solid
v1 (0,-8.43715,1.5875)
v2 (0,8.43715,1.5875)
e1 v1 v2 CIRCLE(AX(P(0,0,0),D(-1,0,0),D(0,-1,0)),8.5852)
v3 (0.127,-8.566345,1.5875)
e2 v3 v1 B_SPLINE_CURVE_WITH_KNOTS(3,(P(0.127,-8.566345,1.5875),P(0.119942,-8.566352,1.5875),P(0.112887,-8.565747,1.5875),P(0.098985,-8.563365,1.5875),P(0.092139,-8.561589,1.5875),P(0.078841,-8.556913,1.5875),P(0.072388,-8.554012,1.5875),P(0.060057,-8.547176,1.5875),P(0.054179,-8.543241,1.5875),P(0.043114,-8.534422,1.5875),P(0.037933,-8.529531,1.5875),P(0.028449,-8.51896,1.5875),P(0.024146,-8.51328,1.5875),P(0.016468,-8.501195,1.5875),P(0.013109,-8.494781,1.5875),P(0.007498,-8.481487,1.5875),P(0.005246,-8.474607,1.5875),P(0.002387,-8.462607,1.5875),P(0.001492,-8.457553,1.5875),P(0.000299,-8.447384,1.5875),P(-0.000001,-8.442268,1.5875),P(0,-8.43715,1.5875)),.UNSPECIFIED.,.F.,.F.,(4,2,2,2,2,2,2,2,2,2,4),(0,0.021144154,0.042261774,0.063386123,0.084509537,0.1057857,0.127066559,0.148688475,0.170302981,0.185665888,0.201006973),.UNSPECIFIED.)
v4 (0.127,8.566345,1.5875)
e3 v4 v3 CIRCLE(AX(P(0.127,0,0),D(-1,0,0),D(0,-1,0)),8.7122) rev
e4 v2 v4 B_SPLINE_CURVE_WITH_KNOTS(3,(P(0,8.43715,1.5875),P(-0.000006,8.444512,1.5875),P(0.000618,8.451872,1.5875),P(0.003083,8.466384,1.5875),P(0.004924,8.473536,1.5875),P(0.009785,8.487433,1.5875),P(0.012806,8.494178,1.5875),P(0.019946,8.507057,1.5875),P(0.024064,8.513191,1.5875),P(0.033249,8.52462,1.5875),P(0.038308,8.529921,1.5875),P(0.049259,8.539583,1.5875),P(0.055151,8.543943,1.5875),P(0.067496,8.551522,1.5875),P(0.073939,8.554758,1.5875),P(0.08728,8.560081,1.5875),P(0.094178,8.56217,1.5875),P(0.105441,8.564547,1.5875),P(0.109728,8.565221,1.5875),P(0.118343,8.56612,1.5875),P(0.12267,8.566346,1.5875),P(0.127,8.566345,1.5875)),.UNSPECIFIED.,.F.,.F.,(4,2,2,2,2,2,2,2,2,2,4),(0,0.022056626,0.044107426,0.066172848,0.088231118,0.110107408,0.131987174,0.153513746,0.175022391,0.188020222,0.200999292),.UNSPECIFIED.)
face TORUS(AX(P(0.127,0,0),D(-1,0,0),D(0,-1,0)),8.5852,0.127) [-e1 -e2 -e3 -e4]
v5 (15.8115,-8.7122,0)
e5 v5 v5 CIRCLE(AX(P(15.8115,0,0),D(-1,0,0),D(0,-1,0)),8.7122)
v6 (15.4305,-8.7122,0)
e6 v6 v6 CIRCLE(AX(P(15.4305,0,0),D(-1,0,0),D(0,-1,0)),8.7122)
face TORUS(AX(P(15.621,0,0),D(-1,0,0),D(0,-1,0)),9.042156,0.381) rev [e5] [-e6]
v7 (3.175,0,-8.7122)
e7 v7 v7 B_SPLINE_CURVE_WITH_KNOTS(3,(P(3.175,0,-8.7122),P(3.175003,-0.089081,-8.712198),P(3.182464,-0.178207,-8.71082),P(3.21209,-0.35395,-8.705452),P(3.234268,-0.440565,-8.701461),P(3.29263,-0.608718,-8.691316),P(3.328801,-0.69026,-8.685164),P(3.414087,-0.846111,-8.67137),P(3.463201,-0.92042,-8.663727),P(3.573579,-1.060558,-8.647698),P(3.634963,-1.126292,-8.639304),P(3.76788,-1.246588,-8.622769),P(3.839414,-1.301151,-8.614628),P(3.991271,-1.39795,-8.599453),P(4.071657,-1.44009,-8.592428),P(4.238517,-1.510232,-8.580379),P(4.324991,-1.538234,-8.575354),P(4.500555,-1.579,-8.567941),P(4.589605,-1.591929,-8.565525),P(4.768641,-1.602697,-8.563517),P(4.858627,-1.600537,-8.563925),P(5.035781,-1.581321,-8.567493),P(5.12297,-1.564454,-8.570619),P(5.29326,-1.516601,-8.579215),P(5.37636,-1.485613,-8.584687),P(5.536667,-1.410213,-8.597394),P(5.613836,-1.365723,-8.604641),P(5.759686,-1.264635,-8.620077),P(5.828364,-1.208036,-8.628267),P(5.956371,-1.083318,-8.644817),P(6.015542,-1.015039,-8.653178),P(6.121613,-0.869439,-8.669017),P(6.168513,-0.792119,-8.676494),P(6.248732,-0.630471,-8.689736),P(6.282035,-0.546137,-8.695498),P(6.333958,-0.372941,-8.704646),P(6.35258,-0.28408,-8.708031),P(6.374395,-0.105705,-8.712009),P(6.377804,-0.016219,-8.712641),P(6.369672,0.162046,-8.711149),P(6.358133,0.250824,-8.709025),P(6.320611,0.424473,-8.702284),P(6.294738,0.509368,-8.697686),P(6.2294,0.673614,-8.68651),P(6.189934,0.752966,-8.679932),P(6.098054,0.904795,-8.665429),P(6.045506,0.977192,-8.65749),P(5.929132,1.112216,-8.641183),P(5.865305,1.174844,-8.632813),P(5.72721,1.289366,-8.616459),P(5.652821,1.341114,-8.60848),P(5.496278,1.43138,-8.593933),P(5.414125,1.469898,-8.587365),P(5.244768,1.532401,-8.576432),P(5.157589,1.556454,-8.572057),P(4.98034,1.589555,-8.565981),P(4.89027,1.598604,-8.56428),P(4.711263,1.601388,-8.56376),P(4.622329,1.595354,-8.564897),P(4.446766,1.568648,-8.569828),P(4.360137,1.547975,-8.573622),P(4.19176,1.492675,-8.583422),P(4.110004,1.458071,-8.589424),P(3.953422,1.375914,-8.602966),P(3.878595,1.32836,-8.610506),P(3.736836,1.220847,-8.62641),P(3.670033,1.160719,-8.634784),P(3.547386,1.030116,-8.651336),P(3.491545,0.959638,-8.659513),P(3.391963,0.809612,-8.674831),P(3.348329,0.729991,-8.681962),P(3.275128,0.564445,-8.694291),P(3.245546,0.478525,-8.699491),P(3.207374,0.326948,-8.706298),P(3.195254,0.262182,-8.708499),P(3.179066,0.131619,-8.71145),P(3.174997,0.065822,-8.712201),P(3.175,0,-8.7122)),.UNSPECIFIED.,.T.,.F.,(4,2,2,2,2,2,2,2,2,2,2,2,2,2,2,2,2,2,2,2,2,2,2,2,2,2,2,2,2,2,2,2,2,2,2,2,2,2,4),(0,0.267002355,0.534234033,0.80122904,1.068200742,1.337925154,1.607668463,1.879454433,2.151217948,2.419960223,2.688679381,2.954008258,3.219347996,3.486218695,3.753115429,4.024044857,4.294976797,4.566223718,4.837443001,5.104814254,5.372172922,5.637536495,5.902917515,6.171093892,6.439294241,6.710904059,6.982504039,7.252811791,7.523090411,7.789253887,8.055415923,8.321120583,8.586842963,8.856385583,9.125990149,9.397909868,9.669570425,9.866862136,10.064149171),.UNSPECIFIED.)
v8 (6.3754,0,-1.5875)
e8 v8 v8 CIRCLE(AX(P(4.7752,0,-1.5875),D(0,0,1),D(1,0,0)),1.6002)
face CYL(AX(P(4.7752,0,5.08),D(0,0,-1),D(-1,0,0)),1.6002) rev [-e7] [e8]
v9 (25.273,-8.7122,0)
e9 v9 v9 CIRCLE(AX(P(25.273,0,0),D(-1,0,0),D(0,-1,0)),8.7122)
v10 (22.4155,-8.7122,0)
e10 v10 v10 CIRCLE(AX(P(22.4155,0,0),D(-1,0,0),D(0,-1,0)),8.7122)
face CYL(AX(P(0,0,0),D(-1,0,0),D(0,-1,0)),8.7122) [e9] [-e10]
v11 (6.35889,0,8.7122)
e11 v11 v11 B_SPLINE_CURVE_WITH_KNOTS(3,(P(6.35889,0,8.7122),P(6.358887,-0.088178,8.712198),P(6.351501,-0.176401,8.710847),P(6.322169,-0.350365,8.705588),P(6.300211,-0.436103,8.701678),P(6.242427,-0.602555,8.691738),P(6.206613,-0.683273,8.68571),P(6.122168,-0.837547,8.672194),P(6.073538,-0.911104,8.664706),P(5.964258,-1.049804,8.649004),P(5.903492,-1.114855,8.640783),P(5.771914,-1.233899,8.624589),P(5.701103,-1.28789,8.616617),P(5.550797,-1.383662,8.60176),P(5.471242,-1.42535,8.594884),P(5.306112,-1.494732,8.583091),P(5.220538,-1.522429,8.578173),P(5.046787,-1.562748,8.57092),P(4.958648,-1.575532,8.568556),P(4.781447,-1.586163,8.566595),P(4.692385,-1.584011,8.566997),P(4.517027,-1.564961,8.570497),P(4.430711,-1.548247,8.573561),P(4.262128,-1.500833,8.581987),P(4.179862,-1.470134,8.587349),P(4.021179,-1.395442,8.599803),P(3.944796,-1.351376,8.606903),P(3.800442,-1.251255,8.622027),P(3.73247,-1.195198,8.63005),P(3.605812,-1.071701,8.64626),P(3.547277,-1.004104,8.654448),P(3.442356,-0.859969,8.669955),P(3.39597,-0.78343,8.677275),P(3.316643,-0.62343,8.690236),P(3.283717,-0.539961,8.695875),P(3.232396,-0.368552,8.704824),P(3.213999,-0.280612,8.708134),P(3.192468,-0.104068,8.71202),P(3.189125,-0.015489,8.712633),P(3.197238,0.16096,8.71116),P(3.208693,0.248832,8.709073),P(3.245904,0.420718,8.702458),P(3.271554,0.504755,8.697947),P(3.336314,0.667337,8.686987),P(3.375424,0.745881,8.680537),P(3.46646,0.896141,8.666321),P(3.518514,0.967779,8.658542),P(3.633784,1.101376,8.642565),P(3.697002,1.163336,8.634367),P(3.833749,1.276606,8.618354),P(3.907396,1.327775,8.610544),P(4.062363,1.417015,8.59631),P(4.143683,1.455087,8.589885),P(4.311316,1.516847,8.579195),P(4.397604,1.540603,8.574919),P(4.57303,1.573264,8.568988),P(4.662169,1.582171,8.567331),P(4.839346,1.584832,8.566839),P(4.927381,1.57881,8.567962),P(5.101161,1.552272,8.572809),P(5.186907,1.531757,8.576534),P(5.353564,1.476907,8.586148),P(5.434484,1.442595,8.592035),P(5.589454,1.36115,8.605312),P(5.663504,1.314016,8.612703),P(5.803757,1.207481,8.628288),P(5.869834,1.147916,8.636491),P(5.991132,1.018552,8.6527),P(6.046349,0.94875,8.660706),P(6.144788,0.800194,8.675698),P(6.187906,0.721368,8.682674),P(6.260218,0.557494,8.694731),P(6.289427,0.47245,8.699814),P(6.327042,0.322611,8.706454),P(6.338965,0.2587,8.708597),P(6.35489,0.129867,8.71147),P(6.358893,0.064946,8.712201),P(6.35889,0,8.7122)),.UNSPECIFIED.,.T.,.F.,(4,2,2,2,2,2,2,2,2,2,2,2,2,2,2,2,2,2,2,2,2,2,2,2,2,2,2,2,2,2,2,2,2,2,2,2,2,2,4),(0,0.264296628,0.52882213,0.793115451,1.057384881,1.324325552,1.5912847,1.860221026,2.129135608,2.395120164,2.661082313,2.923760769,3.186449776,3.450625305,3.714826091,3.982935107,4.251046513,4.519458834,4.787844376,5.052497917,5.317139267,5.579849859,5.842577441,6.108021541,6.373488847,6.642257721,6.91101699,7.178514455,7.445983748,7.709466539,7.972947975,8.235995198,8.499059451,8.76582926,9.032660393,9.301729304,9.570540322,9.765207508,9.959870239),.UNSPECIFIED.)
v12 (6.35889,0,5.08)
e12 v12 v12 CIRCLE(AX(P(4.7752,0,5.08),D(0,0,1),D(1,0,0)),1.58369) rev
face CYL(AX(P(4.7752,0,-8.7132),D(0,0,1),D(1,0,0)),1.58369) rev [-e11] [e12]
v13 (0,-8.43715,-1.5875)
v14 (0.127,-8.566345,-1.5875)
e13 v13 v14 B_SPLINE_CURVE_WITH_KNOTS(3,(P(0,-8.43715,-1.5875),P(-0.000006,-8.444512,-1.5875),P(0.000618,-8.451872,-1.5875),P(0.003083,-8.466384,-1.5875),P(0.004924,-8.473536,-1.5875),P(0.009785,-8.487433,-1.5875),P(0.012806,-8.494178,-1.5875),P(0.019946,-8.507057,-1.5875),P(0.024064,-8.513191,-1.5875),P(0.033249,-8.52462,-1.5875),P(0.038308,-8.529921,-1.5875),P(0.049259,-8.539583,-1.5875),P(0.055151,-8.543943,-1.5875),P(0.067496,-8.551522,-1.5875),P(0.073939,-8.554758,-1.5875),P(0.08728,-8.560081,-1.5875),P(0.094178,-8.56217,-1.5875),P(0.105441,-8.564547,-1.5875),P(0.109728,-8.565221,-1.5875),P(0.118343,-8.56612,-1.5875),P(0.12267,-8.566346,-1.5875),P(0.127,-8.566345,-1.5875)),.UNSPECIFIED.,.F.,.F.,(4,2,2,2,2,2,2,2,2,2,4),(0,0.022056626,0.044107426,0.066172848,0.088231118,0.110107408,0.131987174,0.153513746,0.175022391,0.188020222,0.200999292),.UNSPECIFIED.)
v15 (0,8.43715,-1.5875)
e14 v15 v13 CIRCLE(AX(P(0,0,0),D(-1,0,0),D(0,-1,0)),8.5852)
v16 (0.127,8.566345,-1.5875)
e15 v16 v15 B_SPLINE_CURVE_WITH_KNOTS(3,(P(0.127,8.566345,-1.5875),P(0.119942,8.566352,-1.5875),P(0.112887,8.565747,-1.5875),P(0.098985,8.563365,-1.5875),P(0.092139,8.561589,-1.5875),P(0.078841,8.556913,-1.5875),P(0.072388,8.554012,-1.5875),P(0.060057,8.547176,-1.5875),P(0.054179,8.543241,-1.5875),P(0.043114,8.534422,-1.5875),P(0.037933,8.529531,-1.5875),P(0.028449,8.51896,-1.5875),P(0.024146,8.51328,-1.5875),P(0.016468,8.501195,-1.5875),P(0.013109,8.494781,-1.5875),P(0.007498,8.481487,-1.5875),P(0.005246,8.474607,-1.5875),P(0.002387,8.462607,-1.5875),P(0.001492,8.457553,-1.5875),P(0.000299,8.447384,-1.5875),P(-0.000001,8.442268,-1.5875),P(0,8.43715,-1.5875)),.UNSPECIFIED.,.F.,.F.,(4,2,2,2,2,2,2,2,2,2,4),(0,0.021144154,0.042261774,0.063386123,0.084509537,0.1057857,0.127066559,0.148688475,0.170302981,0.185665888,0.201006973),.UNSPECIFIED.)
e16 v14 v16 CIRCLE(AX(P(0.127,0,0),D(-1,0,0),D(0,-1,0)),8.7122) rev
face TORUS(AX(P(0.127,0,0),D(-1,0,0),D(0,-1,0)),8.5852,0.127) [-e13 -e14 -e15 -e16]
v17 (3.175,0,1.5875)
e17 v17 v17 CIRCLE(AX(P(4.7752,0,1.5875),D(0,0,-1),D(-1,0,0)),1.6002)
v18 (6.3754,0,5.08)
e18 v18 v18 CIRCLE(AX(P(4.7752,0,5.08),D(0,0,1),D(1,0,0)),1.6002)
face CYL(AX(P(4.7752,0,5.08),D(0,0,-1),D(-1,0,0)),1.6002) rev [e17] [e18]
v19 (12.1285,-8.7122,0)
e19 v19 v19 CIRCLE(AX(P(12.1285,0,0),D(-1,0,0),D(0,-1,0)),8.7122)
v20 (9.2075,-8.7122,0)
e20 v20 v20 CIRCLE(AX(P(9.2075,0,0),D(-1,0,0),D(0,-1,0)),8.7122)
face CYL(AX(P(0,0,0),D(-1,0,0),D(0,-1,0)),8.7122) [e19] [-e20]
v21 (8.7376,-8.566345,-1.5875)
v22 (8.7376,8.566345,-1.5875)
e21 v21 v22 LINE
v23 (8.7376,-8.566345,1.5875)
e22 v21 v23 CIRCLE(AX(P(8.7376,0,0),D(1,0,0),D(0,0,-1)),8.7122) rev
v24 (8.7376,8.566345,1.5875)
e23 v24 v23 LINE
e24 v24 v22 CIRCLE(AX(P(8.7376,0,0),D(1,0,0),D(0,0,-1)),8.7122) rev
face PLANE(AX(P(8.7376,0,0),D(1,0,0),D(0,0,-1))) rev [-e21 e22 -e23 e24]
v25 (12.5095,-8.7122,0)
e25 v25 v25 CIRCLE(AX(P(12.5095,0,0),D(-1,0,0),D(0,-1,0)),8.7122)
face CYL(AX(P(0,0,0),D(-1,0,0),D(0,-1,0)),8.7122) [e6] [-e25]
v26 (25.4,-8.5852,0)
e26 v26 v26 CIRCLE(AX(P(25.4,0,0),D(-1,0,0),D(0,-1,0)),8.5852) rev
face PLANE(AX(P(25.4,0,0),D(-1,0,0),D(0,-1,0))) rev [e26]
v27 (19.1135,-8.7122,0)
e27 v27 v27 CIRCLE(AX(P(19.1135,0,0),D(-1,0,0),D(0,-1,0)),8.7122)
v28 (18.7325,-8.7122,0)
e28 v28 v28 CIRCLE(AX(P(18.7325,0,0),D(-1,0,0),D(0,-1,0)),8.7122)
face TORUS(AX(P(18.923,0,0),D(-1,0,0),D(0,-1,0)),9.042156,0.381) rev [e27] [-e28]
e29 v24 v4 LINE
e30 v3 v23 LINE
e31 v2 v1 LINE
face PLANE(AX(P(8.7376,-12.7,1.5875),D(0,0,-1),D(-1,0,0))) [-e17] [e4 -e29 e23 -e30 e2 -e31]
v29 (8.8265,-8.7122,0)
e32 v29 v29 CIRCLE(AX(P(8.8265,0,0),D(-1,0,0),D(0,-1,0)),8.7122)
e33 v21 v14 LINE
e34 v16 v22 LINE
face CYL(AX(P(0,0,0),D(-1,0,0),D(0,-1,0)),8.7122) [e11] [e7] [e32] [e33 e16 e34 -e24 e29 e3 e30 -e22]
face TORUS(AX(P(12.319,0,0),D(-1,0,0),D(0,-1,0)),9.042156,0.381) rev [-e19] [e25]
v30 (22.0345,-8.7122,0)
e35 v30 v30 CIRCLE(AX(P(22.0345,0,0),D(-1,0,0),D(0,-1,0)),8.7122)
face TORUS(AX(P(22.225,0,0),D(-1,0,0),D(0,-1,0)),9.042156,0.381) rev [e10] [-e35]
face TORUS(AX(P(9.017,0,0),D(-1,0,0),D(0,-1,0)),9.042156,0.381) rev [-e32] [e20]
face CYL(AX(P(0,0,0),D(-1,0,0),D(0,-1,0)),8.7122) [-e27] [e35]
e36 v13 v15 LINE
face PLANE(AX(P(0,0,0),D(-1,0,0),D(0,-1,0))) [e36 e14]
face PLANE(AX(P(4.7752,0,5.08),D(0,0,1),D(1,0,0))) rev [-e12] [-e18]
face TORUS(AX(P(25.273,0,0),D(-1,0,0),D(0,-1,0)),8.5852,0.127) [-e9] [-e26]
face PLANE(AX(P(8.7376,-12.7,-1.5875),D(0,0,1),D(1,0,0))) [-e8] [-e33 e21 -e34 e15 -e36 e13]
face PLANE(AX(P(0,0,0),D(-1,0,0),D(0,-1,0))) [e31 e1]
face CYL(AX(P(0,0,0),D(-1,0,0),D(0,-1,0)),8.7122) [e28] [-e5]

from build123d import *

# Parameters (mm, degrees)
CUT_EXTRUDE1_DEPTH      = 5.08
CUT_EXTRUDE1_DEPTH_BACK = 29.230566018
SKETCH2_R               = 1.6002
CUT_EXTRUDE2_REACH      = 34.011
SKETCH3_R               = 1.58369
SKETCH4_W               = 3.175
SKETCH4_H               = 25.4
CUT_EXTRUDE3_DEPTH      = 8.7376
FILLET1_R               = 0.127


with BuildPart() as part:
    # Sketch1 → Revolve1 (revolve)
    with BuildSketch(Plane.XY):
        with BuildLine():
            Line((22.4155, 8.7122), (25.4, 8.7122))
            Line((25.4, 8.7122), (25.4, 0))
            Line((25.4, 0), (0, 0))
            Line((0, 0), (0, 8.7122))
            Line((0, 8.7122), (8.8265, 8.7122))
            ThreePointArc((8.8265, 8.7122), (9.017, 8.661155679), (9.2075, 8.7122))
            Line((9.2075, 8.7122), (12.1285, 8.7122))
            ThreePointArc((12.1285, 8.7122), (12.319, 8.661155679), (12.5095, 8.7122))
            Line((12.5095, 8.7122), (15.4305, 8.7122))
            ThreePointArc((15.4305, 8.7122), (15.621, 8.661155679), (15.8115, 8.7122))
            Line((15.8115, 8.7122), (18.7325, 8.7122))
            ThreePointArc((18.7325, 8.7122), (18.923, 8.661155679), (19.1135, 8.7122))
            Line((19.1135, 8.7122), (22.0345, 8.7122))
            ThreePointArc((22.0345, 8.7122), (22.225, 8.661155679), (22.4155, 8.7122))
        make_face()
    revolve(axis=Axis((0, 0, 0), (1, 0, 0)))

    # Sketch2 → Cut-Extrude1 (cut, two sides: drawn at the far end of the back side and taken through both)
    with BuildSketch(Plane.XY.offset(-CUT_EXTRUDE1_DEPTH_BACK)):
        with Locations((4.7752, 0)):
            Circle(SKETCH2_R)
    extrude(amount=CUT_EXTRUDE1_DEPTH + CUT_EXTRUDE1_DEPTH_BACK, mode=Mode.SUBTRACT)

    # Sketch3 → Cut-Extrude2 (cut, up to next)
    with BuildSketch(Plane.XY.offset(8.7122), mode=Mode.PRIVATE) as cut_extrude2_sk1:
        with Locations((4.7752, 0)):
            Circle(SKETCH3_R)
    cut_extrude2_tool1 = extrude(cut_extrude2_sk1.sketch, amount=-CUT_EXTRUDE2_REACH, mode=Mode.PRIVATE) & part.part
    add(cut_extrude2_tool1.solids().sort_by_distance((4.7752, 0, 8.7122))[0], mode=Mode.SUBTRACT)

    # Sketch4 → Cut-Extrude3 (cut)
    with BuildSketch(Plane(origin=(0, 0, 0), x_dir=(0, 0, -1), z_dir=(1, 0, 0))):
        Rectangle(SKETCH4_W, SKETCH4_H)
    extrude(amount=CUT_EXTRUDE3_DEPTH, mode=Mode.SUBTRACT)

    # Fillet1
    fillet1_edges = [part.edges().sort_by_distance(p)[0] for p in [
        (25.4, -8.7122, 0),
        (0, 0, -8.7122),
        (0, 0, 8.7122),
    ]]
    fillet(fillet1_edges, radius=FILLET1_R)


solid = part.part
